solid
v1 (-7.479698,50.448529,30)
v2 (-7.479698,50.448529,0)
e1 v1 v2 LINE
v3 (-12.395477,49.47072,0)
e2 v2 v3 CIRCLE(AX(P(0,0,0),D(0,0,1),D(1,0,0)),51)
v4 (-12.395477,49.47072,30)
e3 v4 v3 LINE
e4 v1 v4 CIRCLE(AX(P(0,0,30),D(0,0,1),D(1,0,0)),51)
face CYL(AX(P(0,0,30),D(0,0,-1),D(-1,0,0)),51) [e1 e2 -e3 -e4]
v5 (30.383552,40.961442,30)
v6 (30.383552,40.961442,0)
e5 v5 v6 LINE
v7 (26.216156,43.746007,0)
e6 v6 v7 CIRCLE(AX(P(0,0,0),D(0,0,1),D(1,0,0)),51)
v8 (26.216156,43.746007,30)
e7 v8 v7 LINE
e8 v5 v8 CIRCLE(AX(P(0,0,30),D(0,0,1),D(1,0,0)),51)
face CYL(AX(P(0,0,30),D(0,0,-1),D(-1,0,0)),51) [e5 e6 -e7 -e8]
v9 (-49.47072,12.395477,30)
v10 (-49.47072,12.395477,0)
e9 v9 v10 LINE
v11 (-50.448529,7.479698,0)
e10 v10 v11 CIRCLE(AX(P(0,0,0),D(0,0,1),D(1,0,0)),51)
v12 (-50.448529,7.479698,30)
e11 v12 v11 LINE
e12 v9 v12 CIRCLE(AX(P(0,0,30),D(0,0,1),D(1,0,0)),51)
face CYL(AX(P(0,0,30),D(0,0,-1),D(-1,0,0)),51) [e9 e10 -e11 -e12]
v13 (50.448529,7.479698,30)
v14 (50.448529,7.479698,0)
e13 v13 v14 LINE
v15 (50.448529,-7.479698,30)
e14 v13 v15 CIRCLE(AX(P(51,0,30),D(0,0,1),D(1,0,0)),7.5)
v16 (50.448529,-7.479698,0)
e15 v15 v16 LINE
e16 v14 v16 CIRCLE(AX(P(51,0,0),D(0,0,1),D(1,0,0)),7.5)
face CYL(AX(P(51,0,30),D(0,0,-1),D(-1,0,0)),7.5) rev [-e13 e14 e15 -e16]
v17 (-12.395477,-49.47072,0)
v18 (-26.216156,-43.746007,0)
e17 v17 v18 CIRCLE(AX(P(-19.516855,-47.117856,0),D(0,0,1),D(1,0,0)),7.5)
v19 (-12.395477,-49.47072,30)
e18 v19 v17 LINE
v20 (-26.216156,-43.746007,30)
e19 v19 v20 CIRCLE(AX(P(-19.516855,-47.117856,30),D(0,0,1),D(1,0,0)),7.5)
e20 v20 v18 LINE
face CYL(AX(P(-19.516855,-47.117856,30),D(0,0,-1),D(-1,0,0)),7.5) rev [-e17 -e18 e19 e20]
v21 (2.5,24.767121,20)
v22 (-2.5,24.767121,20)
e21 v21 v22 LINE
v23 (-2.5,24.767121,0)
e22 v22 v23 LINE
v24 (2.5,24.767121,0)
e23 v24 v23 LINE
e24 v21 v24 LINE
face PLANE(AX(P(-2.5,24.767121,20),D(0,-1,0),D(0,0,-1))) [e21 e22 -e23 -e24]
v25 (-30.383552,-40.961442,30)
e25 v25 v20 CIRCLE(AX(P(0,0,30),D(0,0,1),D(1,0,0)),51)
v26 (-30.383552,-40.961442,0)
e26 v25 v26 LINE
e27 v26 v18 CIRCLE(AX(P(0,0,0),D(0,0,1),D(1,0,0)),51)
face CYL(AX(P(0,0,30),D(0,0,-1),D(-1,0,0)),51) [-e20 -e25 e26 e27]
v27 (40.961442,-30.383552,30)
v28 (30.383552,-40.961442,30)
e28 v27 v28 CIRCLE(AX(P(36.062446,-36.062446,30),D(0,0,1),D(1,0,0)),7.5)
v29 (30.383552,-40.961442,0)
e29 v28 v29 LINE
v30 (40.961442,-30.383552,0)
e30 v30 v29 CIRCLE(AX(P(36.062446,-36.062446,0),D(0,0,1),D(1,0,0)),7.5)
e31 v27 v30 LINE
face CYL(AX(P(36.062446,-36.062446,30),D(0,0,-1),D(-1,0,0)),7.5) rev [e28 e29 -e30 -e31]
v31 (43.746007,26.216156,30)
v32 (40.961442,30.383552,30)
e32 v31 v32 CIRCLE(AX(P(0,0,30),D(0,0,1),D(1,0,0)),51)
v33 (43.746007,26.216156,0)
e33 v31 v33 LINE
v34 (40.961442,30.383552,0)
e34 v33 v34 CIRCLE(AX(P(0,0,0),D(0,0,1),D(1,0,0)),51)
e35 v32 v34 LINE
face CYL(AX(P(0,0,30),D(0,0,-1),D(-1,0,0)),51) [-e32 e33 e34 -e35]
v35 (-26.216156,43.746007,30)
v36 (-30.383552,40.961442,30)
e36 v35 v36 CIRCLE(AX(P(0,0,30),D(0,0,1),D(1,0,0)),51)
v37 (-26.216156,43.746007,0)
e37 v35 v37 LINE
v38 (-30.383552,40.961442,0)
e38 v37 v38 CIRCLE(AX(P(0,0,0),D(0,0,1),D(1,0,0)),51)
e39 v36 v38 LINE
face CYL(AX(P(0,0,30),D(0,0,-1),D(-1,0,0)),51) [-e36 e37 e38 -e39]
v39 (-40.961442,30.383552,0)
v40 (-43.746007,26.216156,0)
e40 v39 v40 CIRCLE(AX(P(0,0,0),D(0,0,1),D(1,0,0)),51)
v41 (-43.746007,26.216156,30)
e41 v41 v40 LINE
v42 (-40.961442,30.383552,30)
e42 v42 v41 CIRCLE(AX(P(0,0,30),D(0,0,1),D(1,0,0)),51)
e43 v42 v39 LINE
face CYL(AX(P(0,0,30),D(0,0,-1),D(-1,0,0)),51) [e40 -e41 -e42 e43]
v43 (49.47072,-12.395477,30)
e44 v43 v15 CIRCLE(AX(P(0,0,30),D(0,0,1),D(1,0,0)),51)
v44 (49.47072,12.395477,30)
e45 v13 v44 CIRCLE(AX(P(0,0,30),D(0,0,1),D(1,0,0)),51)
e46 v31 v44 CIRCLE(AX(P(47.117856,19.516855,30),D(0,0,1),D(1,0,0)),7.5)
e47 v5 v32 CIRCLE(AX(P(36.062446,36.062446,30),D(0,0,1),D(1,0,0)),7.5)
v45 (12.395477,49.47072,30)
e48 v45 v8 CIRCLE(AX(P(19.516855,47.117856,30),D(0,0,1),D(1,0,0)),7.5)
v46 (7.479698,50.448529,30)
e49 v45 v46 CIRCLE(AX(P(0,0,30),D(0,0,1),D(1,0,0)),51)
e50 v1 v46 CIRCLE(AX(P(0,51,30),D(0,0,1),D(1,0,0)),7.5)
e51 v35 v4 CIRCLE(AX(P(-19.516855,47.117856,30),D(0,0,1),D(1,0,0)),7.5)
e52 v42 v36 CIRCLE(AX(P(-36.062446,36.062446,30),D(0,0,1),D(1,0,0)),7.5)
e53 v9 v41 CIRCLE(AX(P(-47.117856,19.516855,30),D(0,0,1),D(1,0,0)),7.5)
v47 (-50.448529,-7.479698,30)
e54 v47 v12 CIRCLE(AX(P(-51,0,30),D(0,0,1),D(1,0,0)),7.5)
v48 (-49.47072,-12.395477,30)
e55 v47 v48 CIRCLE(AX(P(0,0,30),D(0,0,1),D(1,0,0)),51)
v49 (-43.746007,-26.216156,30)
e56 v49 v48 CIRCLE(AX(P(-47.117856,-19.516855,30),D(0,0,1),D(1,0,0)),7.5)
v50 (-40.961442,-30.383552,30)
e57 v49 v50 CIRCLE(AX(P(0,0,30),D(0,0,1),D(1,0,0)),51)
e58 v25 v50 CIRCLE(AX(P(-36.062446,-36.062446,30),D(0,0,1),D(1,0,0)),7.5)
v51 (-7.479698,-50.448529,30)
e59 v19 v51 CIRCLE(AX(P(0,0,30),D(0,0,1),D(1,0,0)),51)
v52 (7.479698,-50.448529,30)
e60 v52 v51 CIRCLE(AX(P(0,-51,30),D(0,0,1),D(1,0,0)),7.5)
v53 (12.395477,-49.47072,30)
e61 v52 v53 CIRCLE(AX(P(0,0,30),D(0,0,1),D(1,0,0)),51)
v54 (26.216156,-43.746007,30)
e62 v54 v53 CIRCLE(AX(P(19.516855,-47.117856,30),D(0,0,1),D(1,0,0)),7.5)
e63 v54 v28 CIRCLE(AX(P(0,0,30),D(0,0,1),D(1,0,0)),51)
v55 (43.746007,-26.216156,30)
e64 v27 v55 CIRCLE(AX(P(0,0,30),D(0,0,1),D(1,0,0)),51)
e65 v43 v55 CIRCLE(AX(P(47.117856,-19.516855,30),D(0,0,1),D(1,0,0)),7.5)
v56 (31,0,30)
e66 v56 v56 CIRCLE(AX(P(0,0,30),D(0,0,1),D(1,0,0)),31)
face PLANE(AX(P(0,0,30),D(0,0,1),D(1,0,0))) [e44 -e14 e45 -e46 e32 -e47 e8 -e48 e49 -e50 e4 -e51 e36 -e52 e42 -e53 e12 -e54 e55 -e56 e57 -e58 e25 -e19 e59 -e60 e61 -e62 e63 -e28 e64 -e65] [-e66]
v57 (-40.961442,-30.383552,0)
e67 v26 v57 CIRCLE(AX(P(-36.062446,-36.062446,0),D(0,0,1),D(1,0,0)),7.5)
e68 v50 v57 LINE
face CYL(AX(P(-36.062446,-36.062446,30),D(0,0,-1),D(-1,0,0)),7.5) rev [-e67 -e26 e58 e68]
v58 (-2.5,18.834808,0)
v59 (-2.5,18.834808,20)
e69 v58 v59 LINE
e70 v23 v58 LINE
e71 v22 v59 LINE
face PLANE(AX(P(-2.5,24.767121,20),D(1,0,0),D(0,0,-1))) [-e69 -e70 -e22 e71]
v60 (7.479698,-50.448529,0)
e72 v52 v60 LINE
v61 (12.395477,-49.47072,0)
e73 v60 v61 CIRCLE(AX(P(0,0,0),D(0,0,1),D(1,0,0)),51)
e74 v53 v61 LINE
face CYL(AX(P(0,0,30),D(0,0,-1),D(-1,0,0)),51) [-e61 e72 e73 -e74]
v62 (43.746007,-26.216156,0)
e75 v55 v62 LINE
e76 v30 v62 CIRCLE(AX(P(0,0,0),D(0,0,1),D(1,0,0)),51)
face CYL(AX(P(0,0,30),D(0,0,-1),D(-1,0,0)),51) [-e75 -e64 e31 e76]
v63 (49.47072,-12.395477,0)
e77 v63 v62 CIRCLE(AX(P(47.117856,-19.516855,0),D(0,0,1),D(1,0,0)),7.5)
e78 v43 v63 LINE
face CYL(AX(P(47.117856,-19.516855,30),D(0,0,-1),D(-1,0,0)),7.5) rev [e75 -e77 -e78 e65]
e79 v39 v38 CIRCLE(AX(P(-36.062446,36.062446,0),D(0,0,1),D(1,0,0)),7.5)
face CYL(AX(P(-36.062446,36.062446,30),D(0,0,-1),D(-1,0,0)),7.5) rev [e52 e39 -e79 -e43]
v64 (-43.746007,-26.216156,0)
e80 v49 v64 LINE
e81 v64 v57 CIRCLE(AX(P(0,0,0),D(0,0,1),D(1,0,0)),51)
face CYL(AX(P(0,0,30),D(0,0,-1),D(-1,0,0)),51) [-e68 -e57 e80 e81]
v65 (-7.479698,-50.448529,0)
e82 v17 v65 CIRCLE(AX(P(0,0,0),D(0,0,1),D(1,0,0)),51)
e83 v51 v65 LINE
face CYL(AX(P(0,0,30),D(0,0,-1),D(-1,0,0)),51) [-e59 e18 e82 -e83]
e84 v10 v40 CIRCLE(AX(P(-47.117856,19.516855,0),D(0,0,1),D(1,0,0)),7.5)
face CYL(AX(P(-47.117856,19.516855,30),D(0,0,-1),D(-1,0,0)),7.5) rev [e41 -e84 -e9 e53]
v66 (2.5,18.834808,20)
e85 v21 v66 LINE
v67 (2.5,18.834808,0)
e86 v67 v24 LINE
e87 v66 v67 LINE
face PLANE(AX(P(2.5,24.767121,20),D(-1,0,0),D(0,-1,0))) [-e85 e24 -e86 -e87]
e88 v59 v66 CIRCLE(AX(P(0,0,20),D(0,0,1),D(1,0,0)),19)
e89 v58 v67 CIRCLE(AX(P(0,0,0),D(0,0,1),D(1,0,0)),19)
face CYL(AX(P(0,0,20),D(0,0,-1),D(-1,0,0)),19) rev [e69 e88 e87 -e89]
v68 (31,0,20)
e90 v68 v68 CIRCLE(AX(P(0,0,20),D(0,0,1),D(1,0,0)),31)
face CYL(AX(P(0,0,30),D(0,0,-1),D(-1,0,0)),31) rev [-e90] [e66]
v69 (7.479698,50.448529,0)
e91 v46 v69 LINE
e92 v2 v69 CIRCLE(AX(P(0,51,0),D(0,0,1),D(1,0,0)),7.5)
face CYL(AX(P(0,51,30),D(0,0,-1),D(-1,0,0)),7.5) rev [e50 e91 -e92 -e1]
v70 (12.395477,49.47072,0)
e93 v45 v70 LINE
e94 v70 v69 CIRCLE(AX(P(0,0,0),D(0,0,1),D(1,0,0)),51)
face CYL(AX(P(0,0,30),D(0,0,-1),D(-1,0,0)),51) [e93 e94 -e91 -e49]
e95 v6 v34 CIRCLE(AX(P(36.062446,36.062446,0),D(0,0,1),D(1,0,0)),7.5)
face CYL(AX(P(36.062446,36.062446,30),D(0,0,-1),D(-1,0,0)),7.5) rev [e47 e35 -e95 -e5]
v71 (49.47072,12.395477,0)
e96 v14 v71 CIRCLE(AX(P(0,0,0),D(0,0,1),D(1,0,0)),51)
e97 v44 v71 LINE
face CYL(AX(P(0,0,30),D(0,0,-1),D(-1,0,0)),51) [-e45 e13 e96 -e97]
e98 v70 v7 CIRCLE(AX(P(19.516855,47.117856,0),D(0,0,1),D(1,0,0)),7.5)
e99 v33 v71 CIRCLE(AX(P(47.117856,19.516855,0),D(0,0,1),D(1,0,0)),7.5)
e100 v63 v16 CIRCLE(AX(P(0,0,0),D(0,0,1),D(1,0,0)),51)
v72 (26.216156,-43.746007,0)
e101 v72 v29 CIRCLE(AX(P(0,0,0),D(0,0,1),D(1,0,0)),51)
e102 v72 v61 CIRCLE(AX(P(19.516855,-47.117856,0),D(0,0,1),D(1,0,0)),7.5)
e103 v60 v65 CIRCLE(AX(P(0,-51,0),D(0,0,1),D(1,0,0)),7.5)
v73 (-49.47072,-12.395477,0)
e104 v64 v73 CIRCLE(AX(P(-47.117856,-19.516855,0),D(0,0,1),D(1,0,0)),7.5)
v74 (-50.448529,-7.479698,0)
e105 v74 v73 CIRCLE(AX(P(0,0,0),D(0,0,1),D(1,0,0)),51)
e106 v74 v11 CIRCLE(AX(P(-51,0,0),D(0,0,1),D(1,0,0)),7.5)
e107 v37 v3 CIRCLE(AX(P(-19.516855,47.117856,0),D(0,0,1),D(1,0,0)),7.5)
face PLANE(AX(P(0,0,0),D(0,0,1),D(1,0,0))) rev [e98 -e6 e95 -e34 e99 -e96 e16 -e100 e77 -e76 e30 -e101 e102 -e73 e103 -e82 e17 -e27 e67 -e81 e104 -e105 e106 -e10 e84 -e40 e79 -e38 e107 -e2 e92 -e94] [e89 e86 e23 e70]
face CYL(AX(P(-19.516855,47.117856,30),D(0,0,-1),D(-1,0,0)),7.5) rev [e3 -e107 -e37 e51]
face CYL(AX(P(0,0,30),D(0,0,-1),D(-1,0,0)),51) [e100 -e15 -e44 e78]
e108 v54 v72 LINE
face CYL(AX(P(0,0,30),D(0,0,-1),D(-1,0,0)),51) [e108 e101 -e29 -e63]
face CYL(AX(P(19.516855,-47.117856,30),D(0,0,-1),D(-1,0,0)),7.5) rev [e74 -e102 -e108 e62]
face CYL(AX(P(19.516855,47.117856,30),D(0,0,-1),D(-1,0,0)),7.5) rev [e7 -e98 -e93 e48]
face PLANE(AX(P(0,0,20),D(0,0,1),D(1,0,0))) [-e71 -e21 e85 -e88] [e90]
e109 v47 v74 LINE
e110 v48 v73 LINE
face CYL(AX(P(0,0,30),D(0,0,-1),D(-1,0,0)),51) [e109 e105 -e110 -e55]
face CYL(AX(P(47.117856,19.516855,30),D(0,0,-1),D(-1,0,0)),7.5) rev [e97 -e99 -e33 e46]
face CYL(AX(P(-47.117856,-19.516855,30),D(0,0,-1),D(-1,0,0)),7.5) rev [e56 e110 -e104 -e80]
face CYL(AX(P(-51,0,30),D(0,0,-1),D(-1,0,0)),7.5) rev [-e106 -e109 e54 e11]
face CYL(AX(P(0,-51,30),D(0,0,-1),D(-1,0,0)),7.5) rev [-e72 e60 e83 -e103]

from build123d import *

# Parameters (mm, degrees)
SKETCH1_R           = 31
BOSS_EXTRUDE1_DEPTH = 30
SKETCH1_3_R         = 31
SKETCH1_3_R_2       = 19
BOSS_EXTRUDE2_DEPTH = 20
SKETCH3_W           = 5
SKETCH3_H           = 12
CUT_EXTRUDE7_DEPTH  = 20


with BuildPart() as part:
    # Sketch1 → Boss-Extrude1 (new body)
    with BuildSketch(Plane.XY):
        with BuildLine():
            ThreePointArc((50.448529412, -7.479697868), (43.5, 0), (50.448529412, 7.479697868))
            ThreePointArc((50.448529412, 7.479697868), (50.020049301, 9.949606423), (49.470720222, 12.395476624))
            ThreePointArc((49.470720222, 12.395476624), (40.188759664, 16.646729308), (43.746007316, 26.216156162))
            ThreePointArc((43.746007316, 26.216156162), (42.404950227, 28.334081884), (40.961442331, 30.383552165))
            ThreePointArc((40.961442331, 30.383552165), (30.759144982, 30.759144982), (30.383552165, 40.961442331))
            ThreePointArc((30.383552165, 40.961442331), (28.334081884, 42.404950227), (26.216156162, 43.746007316))
            ThreePointArc((26.216156162, 43.746007316), (16.646729308, 40.188759664), (12.395476624, 49.470720222))
            ThreePointArc((12.395476624, 49.470720222), (9.949606423, 50.020049301), (7.479697868, 50.448529412))
            ThreePointArc((7.479697868, 50.448529412), (0, 43.5), (-7.479697868, 50.448529412))
            ThreePointArc((-7.479697868, 50.448529412), (-9.949606423, 50.020049301), (-12.395476624, 49.470720222))
            ThreePointArc((-12.395476624, 49.470720222), (-16.646729308, 40.188759664), (-26.216156162, 43.746007316))
            ThreePointArc((-26.216156162, 43.746007316), (-28.334081884, 42.404950227), (-30.383552165, 40.961442331))
            ThreePointArc((-30.383552165, 40.961442331), (-30.759144982, 30.759144982), (-40.961442331, 30.383552165))
            ThreePointArc((-40.961442331, 30.383552165), (-42.404950227, 28.334081884), (-43.746007316, 26.216156162))
            ThreePointArc((-43.746007316, 26.216156162), (-40.188759664, 16.646729308), (-49.470720222, 12.395476624))
            ThreePointArc((-49.470720222, 12.395476624), (-50.020049301, 9.949606423), (-50.448529412, 7.479697868))
            ThreePointArc((-50.448529412, 7.479697868), (-43.5, 0), (-50.448529412, -7.479697868))
            ThreePointArc((-50.448529412, -7.479697868), (-50.020049301, -9.949606423), (-49.470720222, -12.395476624))
            ThreePointArc((-49.470720222, -12.395476624), (-40.188759664, -16.646729308), (-43.746007316, -26.216156162))
            ThreePointArc((-43.746007316, -26.216156162), (-42.404950227, -28.334081884), (-40.961442331, -30.383552165))
            ThreePointArc((-40.961442331, -30.383552165), (-30.759144982, -30.759144982), (-30.383552165, -40.961442331))
            ThreePointArc((-30.383552165, -40.961442331), (-28.334081884, -42.404950227), (-26.216156162, -43.746007316))
            ThreePointArc((-26.216156162, -43.746007316), (-16.646729308, -40.188759664), (-12.395476624, -49.470720222))
            ThreePointArc((-12.395476624, -49.470720222), (-9.949606423, -50.020049301), (-7.479697868, -50.448529412))
            ThreePointArc((-7.479697868, -50.448529412), (0, -43.5), (7.479697868, -50.448529412))
            ThreePointArc((7.479697868, -50.448529412), (9.949606423, -50.020049301), (12.395476624, -49.470720222))
            ThreePointArc((12.395476624, -49.470720222), (16.646729308, -40.188759664), (26.216156162, -43.746007316))
            ThreePointArc((26.216156162, -43.746007316), (28.334081884, -42.404950227), (30.383552165, -40.961442331))
            ThreePointArc((30.383552165, -40.961442331), (30.759144982, -30.759144982), (40.961442331, -30.383552165))
            ThreePointArc((40.961442331, -30.383552165), (42.404950227, -28.334081884), (43.746007316, -26.216156162))
            ThreePointArc((43.746007316, -26.216156162), (40.188759664, -16.646729308), (49.470720222, -12.395476624))
            ThreePointArc((49.470720222, -12.395476624), (50.020049301, -9.949606423), (50.448529412, -7.479697868))
        make_face()
        Circle(SKETCH1_R, mode=Mode.SUBTRACT)
    extrude(amount=BOSS_EXTRUDE1_DEPTH)

    # Sketch1<3> → Boss-Extrude2 (add)
    with BuildSketch(Plane.XY):
        Circle(SKETCH1_3_R)
        Circle(SKETCH1_3_R_2, mode=Mode.SUBTRACT)
    extrude(amount=BOSS_EXTRUDE2_DEPTH)

    # Sketch3 → Cut-Extrude7 (cut)
    with BuildSketch(Plane.XY):
        with Locations((0, 18.767120851)):
            Rectangle(SKETCH3_W, SKETCH3_H)
    extrude(amount=CUT_EXTRUDE7_DEPTH, mode=Mode.SUBTRACT)


solid = part.part
